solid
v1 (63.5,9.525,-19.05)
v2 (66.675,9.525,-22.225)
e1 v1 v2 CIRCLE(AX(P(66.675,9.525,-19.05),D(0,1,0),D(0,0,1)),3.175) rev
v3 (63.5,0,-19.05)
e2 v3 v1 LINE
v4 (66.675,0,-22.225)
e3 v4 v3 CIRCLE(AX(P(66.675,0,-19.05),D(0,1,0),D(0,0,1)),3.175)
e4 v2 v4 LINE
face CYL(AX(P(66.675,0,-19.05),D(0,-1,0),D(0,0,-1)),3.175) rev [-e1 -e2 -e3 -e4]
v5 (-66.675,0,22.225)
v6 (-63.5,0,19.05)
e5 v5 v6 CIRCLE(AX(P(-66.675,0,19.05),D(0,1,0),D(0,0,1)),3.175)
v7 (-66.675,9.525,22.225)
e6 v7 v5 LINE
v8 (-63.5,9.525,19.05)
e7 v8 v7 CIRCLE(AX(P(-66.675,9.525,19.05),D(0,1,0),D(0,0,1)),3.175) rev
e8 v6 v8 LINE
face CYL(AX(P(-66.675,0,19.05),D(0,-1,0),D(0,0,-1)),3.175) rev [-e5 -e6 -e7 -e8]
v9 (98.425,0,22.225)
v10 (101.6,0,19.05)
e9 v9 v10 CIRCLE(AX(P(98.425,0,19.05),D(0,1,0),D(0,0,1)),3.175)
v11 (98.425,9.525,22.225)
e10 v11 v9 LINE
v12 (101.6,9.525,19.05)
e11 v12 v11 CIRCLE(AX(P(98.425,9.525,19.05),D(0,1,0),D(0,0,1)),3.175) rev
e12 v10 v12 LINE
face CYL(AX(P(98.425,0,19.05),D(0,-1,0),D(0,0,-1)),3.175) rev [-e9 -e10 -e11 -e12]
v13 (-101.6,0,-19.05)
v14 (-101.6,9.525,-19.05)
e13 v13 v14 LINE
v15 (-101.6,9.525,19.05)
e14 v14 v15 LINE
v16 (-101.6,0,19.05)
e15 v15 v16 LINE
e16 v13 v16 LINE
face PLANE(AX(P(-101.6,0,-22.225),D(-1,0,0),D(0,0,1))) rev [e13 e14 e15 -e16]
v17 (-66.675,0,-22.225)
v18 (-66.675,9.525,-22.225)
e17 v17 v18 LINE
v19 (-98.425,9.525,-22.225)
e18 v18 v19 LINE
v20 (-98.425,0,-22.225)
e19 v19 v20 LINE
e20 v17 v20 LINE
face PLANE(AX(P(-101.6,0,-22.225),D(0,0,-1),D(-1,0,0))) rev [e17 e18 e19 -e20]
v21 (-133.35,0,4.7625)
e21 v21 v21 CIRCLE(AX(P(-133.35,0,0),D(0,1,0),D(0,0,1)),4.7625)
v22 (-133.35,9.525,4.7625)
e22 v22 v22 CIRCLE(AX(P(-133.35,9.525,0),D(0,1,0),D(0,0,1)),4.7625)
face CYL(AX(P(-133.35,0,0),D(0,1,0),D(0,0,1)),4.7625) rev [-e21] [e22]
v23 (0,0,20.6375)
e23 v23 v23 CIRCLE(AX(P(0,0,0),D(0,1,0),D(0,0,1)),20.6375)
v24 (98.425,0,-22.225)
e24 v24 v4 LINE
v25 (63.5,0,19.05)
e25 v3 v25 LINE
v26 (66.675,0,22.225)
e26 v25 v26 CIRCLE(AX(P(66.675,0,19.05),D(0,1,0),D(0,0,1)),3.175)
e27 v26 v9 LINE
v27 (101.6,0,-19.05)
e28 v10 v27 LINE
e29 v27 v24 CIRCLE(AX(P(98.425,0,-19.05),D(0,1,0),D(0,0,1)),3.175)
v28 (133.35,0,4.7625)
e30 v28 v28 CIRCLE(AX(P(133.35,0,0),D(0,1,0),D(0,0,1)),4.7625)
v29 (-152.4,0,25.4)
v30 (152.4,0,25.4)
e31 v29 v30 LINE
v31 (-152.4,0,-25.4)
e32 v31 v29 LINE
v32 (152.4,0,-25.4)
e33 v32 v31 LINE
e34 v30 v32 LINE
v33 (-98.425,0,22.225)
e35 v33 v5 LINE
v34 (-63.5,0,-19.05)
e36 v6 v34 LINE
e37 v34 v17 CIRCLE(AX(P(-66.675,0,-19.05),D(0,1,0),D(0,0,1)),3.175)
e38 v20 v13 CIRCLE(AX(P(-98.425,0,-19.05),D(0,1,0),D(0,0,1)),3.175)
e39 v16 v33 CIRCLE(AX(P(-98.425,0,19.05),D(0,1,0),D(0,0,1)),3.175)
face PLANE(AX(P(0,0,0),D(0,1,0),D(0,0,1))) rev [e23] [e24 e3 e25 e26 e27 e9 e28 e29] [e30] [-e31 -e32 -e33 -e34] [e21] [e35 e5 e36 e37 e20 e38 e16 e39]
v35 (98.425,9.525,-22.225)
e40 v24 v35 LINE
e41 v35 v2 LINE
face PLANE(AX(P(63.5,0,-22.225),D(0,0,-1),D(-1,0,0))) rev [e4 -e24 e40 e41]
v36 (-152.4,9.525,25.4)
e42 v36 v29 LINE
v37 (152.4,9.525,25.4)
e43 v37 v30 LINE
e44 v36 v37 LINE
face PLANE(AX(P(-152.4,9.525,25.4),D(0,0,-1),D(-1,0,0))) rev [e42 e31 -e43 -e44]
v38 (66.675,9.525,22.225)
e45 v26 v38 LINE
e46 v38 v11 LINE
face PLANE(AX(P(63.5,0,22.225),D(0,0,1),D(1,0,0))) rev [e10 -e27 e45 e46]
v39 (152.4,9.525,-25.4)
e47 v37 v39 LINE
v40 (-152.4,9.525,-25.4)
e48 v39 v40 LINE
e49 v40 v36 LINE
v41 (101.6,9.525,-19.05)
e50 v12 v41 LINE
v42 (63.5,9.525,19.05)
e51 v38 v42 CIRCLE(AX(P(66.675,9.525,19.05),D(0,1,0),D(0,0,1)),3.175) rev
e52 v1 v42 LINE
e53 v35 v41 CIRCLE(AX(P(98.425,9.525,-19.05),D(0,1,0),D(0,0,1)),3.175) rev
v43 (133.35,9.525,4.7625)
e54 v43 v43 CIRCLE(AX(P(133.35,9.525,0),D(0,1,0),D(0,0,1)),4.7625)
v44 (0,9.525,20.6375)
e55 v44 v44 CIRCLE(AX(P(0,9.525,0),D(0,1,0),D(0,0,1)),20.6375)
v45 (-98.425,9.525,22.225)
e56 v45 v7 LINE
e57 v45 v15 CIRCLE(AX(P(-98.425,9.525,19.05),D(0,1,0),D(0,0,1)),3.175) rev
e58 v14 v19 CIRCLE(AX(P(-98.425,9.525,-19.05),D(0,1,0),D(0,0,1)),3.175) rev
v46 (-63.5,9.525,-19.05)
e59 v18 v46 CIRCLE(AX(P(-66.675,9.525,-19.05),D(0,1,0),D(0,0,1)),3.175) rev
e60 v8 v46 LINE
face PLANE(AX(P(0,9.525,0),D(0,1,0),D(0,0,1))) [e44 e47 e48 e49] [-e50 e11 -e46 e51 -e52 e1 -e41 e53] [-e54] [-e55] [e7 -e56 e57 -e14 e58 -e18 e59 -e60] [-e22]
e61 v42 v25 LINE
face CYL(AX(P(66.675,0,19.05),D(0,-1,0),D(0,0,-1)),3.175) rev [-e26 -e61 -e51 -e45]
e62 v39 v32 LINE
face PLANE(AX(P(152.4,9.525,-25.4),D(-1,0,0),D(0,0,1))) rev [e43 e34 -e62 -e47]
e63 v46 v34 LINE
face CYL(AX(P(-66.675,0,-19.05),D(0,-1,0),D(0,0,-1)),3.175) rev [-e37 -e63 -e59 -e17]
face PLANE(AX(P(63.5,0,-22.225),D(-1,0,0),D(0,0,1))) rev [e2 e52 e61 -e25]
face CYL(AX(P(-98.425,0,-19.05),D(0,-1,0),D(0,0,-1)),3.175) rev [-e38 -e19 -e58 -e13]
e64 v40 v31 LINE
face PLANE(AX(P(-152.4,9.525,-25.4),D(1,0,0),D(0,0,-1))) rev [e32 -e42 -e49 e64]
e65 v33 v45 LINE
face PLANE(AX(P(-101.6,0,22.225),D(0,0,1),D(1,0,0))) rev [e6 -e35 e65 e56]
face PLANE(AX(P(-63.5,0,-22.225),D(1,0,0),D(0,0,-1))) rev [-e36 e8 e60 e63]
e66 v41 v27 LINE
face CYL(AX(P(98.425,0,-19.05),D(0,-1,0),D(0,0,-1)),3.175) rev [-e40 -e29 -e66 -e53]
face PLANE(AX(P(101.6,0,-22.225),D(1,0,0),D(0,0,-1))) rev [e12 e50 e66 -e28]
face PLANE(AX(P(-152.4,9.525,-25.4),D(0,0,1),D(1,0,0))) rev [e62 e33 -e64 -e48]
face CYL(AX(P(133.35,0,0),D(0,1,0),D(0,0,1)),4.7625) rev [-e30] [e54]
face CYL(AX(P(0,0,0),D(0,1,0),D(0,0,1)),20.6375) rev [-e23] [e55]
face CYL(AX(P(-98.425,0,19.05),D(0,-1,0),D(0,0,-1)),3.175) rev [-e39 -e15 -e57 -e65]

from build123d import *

# Parameters (mm, degrees)
SKETCH1_W           = 304.8
SKETCH1_H           = 50.8
BOSS_EXTRUDE1_DEPTH = 9.525
SKETCH2_R           = 20.6375
CUT_EXTRUDE1_DEPTH  = 10.525
SKETCH3_R           = 4.7625
CUT_EXTRUDE2_DEPTH  = 10.525
SKETCH4_W           = 38.1
SKETCH4_H           = 44.45
CUT_EXTRUDE3_DEPTH  = 10.525
SKETCH5_R           = 4.7625
CUT_EXTRUDE4_DEPTH  = 10.525
FILLET1_R           = 3.175


with BuildPart() as part:
    # Sketch1 → Boss-Extrude1 (new body)
    with BuildSketch(Plane(origin=(0, 0, 0), x_dir=(1, 0, 0), z_dir=(0, 1, 0))):
        Rectangle(SKETCH1_W, SKETCH1_H)
    extrude(amount=BOSS_EXTRUDE1_DEPTH)

    # Sketch2 → Cut-Extrude1 (cut, through all)
    with BuildSketch(Plane(origin=(0, 9.525, 0), x_dir=(1, 0, 0), z_dir=(0, 1, 0))):
        with Locations(Location((0, 0, 0), (0, 0, 270))):  # turned: the seam where the file's is
            Circle(SKETCH2_R)
    extrude(amount=-CUT_EXTRUDE1_DEPTH, mode=Mode.SUBTRACT)

    # Sketch3 → Cut-Extrude2 (cut, through all)
    with BuildSketch(Plane(origin=(0, 9.525, 0), x_dir=(1, 0, 0), z_dir=(0, 1, 0))):
        with Locations(Location((133.35, 0, 0), (0, 0, 270))):  # turned: the seam where the file's is
            Circle(SKETCH3_R)
    extrude(amount=-CUT_EXTRUDE2_DEPTH, mode=Mode.SUBTRACT)

    # Sketch4 → Cut-Extrude3 (cut, through all)
    with BuildSketch(Plane(origin=(0, 9.525, 0), x_dir=(1, 0, 0), z_dir=(0, 1, 0))):
        with Locations((-82.55, 0)):
            Rectangle(SKETCH4_W, SKETCH4_H)
        with Locations((82.55, 0)):
            Rectangle(SKETCH4_W, SKETCH4_H)
    extrude(amount=-CUT_EXTRUDE3_DEPTH, mode=Mode.SUBTRACT)

    # Sketch5 → Cut-Extrude4 (cut, through all)
    with BuildSketch(Plane(origin=(0, 9.525, 0), x_dir=(1, 0, 0), z_dir=(0, 1, 0))):
        with Locations(Location((-133.35, 0, 0), (0, 0, 270))):  # turned: the seam where the file's is
            Circle(SKETCH5_R)
    extrude(amount=-CUT_EXTRUDE4_DEPTH, mode=Mode.SUBTRACT)

    # Fillet1
    fillet1_edges = [part.edges().sort_by_distance(p)[0] for p in [
        (-63.5, 4.7625, -22.225),
        (-63.5, 4.7625, 22.225),
        (-101.6, 4.7625, 22.225),
        (-101.6, 4.7625, -22.225),
        (101.6, 4.7625, -22.225),
        (101.6, 4.7625, 22.225),
        (63.5, 4.7625, 22.225),
        (63.5, 4.7625, -22.225),
    ]]
    fillet(fillet1_edges, radius=FILLET1_R)


solid = part.part
